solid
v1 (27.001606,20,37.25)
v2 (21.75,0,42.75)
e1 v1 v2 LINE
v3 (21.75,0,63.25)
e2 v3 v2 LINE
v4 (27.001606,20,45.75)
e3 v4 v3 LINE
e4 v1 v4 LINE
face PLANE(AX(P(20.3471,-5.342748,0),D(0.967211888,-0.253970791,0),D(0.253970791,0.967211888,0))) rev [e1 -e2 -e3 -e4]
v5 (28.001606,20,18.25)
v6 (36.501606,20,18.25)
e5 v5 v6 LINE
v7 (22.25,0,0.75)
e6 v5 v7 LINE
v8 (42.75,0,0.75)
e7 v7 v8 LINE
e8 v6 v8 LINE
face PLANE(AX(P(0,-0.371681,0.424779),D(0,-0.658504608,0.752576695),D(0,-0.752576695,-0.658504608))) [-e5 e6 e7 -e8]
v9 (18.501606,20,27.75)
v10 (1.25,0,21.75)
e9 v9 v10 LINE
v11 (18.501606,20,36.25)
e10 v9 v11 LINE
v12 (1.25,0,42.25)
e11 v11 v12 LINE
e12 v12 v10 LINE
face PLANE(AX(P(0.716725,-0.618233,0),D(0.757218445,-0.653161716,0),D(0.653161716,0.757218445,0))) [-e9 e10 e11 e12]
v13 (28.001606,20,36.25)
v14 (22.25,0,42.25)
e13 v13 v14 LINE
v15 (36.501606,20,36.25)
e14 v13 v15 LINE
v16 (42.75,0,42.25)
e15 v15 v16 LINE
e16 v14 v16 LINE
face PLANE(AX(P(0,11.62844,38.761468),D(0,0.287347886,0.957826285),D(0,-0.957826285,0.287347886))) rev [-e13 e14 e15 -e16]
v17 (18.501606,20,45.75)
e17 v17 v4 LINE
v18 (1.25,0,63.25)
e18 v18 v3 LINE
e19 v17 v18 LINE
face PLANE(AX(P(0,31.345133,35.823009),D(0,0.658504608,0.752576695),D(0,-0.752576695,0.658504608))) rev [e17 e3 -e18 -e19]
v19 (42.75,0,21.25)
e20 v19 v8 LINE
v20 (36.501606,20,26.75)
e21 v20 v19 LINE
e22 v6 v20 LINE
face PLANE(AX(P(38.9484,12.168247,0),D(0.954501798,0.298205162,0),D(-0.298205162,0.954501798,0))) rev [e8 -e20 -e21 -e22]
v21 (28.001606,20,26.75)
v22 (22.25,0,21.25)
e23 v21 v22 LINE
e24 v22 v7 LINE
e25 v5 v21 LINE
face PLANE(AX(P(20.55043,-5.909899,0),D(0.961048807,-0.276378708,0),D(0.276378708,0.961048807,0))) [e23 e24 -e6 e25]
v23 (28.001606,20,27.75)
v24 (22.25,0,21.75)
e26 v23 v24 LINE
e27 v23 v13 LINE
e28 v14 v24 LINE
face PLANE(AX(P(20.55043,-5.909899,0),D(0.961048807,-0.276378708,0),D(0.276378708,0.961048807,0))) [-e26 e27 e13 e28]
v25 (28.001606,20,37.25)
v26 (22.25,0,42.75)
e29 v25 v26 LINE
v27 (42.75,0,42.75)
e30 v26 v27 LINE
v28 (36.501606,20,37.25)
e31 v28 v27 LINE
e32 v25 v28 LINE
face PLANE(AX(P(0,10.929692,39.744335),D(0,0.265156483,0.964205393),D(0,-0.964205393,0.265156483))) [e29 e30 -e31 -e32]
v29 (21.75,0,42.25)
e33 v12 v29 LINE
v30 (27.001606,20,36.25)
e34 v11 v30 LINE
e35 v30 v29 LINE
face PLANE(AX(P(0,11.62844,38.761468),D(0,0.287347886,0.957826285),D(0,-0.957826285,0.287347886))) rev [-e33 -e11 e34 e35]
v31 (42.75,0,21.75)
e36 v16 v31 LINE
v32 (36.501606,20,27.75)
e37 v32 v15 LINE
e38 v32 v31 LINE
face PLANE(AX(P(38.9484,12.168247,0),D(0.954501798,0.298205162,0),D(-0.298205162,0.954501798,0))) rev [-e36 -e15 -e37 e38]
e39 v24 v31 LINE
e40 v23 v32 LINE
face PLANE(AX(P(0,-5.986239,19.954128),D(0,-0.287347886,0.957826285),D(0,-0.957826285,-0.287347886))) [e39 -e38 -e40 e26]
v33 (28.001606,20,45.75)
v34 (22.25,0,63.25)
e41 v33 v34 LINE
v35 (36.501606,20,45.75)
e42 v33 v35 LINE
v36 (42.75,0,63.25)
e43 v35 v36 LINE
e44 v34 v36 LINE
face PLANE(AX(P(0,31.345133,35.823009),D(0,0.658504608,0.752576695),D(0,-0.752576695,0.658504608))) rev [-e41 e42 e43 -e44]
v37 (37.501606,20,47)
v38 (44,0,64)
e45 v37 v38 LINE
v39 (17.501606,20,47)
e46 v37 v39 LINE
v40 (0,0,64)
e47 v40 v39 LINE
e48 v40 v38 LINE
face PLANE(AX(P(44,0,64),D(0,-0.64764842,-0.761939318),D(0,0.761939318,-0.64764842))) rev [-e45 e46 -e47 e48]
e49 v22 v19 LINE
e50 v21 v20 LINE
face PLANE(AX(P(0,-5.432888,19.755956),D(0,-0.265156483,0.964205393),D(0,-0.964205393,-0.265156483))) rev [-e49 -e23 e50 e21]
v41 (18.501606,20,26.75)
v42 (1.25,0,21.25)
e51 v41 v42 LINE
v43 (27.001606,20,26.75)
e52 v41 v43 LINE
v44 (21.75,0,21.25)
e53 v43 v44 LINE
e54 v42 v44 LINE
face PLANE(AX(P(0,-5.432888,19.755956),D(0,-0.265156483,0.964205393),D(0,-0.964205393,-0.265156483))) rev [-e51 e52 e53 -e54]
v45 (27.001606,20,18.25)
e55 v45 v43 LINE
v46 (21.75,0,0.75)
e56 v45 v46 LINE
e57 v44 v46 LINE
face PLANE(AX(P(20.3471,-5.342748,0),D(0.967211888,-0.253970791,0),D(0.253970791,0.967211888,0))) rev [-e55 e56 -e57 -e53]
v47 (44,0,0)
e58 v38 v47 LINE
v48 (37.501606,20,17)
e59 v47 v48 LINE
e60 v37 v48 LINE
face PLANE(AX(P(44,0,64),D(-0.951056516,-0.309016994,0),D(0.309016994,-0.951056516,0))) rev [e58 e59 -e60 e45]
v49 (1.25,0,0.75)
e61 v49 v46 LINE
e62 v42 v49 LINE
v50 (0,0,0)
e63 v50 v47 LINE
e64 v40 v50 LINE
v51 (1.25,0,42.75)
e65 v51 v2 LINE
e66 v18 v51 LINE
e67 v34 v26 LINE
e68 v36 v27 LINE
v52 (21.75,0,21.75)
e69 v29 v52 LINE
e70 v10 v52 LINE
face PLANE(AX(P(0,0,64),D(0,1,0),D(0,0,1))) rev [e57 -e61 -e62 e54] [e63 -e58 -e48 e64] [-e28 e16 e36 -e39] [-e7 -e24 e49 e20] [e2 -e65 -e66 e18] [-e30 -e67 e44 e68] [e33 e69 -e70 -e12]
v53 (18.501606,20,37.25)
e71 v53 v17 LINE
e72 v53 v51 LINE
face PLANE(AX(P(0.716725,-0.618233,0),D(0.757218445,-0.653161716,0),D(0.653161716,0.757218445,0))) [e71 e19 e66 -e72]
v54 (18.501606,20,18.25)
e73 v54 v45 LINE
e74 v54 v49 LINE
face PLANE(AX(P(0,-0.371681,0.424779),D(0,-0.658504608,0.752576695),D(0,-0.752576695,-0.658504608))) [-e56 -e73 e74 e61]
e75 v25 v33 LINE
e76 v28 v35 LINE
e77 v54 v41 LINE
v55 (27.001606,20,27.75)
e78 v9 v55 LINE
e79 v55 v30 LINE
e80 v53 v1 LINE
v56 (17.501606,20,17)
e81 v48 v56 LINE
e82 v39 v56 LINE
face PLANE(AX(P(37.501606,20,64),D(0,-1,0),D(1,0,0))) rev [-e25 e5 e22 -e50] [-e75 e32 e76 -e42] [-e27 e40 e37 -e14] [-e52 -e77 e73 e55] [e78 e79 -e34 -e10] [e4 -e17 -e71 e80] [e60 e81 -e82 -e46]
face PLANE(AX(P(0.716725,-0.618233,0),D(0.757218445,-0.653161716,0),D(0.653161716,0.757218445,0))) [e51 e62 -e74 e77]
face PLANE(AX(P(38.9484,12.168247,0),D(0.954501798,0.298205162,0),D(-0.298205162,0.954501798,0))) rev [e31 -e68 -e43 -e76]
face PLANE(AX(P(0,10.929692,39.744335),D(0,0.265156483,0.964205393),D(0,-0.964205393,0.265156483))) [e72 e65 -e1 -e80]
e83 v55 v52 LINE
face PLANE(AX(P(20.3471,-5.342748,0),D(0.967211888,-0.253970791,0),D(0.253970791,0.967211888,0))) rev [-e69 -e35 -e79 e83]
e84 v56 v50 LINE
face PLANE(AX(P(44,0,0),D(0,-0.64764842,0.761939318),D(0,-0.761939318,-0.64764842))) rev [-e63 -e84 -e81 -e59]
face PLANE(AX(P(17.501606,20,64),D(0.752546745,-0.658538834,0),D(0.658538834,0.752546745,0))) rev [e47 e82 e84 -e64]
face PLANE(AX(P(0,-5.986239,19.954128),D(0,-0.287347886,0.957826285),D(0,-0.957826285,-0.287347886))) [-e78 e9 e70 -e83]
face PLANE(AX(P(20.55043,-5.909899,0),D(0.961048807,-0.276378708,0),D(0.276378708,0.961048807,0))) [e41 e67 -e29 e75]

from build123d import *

# Parameters (mm, degrees)
EXTRUDE_1_DEPTH          = 64
CUT_EXTRUDE_1_DEPTH      = 73.098300123
CUT_EXTRUDE_1_DEPTH_BACK = 73.098300123


with BuildPart() as part:
    # ｽｹｯﾁ1 → ﾎﾞｽ - 押し出し1 (new body)
    with BuildSketch(Plane.XY):
        Polygon((0, 0), (44, 0), (37.501606075, 20), (17.501606075, 20), align=None)
    extrude(amount=EXTRUDE_1_DEPTH)

    # ｽｹｯﾁ2 → ｶｯﾄ - 押し出し1 (cut, two sides: drawn at the far end of the back side and taken through both)
    with BuildSketch(Plane.ZY.offset(-17.501606075).offset(-CUT_EXTRUDE_1_DEPTH_BACK)):
        Polygon((0, 0), (17, 20), (0, 20), align=None)
        Polygon((64, 0), (47, 20), (64, 20), align=None)
    extrude(amount=CUT_EXTRUDE_1_DEPTH + CUT_EXTRUDE_1_DEPTH_BACK, mode=Mode.SUBTRACT)

    # ｽｹｯﾁ4 → ｶｯﾄ - ﾛﾌﾄ1 section 0
    with BuildSketch(Plane(origin=(0, 20, 0), x_dir=(1, 0, 0), z_dir=(0, 1, 0))):
        with BuildLine():
            Line((18.501606075, -18.25), (18.501606075, -26.75))
            Line((18.501606075, -26.75), (27.001606075, -26.75))
            Line((27.001606075, -26.75), (27.001606075, -18.25))
            Line((27.001606075, -18.25), (18.501606075, -18.25))
        make_face()
    # ｽｹｯﾁ3 → ｶｯﾄ - ﾛﾌﾄ1 section 1
    with BuildSketch(Plane.XZ):
        with BuildLine():
            Line((1.25, 21.25), (1.25, 0.75))
            Line((1.25, 0.75), (21.75, 0.75))
            Line((21.75, 0.75), (21.75, 21.25))
            Line((21.75, 21.25), (1.25, 21.25))
        make_face()
    loft(mode=Mode.SUBTRACT)

    # ｽｹｯﾁ4<3> → ｶｯﾄ - ﾛﾌﾄ2 section 0
    with BuildSketch(Plane(origin=(0, 20, 0), x_dir=(1, 0, 0), z_dir=(0, 1, 0))):
        with BuildLine():
            Line((18.501606075, -27.75), (18.501606075, -36.25))
            Line((18.501606075, -36.25), (27.001606075, -36.25))
            Line((27.001606075, -36.25), (27.001606075, -27.75))
            Line((27.001606075, -27.75), (18.501606075, -27.75))
        make_face()
    # ｽｹｯﾁ3<3> → ｶｯﾄ - ﾛﾌﾄ2 section 1
    with BuildSketch(Plane.XZ):
        with BuildLine():
            Line((1.25, 42.25), (1.25, 21.75))
            Line((1.25, 21.75), (21.75, 21.75))
            Line((21.75, 21.75), (21.75, 42.25))
            Line((21.75, 42.25), (1.25, 42.25))
        make_face()
    loft(mode=Mode.SUBTRACT)

    # ｽｹｯﾁ4<4> → ｶｯﾄ - ﾛﾌﾄ3 section 0
    with BuildSketch(Plane(origin=(0, 20, 0), x_dir=(1, 0, 0), z_dir=(0, 1, 0))):
        with BuildLine():
            Line((18.501606075, -37.25), (18.501606075, -45.75))
            Line((18.501606075, -45.75), (27.001606075, -45.75))
            Line((27.001606075, -45.75), (27.001606075, -37.25))
            Line((27.001606075, -37.25), (18.501606075, -37.25))
        make_face()
    # ｽｹｯﾁ3<4> → ｶｯﾄ - ﾛﾌﾄ3 section 1
    with BuildSketch(Plane.XZ):
        with BuildLine():
            Line((1.25, 63.25), (1.25, 42.75))
            Line((1.25, 42.75), (21.75, 42.75))
            Line((21.75, 42.75), (21.75, 63.25))
            Line((21.75, 63.25), (1.25, 63.25))
        make_face()
    loft(mode=Mode.SUBTRACT)

    # ｽｹｯﾁ4<5> → ｶｯﾄ - ﾛﾌﾄ4 section 0
    with BuildSketch(Plane(origin=(0, 20, 0), x_dir=(1, 0, 0), z_dir=(0, 1, 0))):
        with BuildLine():
            Line((28.001606075, -18.25), (36.501606075, -18.25))
            Line((36.501606075, -18.25), (36.501606075, -26.75))
            Line((36.501606075, -26.75), (28.001606075, -26.75))
            Line((28.001606075, -26.75), (28.001606075, -18.25))
        make_face()
    # ｽｹｯﾁ3<5> → ｶｯﾄ - ﾛﾌﾄ4 section 1
    with BuildSketch(Plane.XZ):
        with BuildLine():
            Line((22.25, 21.25), (22.25, 0.75))
            Line((22.25, 0.75), (42.75, 0.75))
            Line((42.75, 0.75), (42.75, 21.25))
            Line((42.75, 21.25), (22.25, 21.25))
        make_face()
    loft(mode=Mode.SUBTRACT)

    # ｽｹｯﾁ4<6> → ｶｯﾄ - ﾛﾌﾄ5 section 0
    with BuildSketch(Plane(origin=(0, 20, 0), x_dir=(1, 0, 0), z_dir=(0, 1, 0))):
        with BuildLine():
            Line((28.001606075, -27.75), (28.001606075, -36.25))
            Line((28.001606075, -36.25), (36.501606075, -36.25))
            Line((36.501606075, -36.25), (36.501606075, -27.75))
            Line((36.501606075, -27.75), (28.001606075, -27.75))
        make_face()
    # ｽｹｯﾁ3<6> → ｶｯﾄ - ﾛﾌﾄ5 section 1
    with BuildSketch(Plane.XZ):
        with BuildLine():
            Line((22.25, 42.25), (22.25, 21.75))
            Line((22.25, 21.75), (42.75, 21.75))
            Line((42.75, 21.75), (42.75, 42.25))
            Line((42.75, 42.25), (22.25, 42.25))
        make_face()
    loft(mode=Mode.SUBTRACT)

    # ｽｹｯﾁ4<7> → ｶｯﾄ - ﾛﾌﾄ6 section 0
    with BuildSketch(Plane(origin=(0, 20, 0), x_dir=(1, 0, 0), z_dir=(0, 1, 0))):
        with BuildLine():
            Line((28.001606075, -37.25), (28.001606075, -45.75))
            Line((28.001606075, -45.75), (36.501606075, -45.75))
            Line((36.501606075, -45.75), (36.501606075, -37.25))
            Line((36.501606075, -37.25), (28.001606075, -37.25))
        make_face()
    # ｽｹｯﾁ3<7> → ｶｯﾄ - ﾛﾌﾄ6 section 1
    with BuildSketch(Plane.XZ):
        with BuildLine():
            Line((22.25, 63.25), (42.75, 63.25))
            Line((42.75, 63.25), (42.75, 42.75))
            Line((42.75, 42.75), (22.25, 42.75))
            Line((22.25, 42.75), (22.25, 63.25))
        make_face()
    loft(mode=Mode.SUBTRACT)


solid = part.part
